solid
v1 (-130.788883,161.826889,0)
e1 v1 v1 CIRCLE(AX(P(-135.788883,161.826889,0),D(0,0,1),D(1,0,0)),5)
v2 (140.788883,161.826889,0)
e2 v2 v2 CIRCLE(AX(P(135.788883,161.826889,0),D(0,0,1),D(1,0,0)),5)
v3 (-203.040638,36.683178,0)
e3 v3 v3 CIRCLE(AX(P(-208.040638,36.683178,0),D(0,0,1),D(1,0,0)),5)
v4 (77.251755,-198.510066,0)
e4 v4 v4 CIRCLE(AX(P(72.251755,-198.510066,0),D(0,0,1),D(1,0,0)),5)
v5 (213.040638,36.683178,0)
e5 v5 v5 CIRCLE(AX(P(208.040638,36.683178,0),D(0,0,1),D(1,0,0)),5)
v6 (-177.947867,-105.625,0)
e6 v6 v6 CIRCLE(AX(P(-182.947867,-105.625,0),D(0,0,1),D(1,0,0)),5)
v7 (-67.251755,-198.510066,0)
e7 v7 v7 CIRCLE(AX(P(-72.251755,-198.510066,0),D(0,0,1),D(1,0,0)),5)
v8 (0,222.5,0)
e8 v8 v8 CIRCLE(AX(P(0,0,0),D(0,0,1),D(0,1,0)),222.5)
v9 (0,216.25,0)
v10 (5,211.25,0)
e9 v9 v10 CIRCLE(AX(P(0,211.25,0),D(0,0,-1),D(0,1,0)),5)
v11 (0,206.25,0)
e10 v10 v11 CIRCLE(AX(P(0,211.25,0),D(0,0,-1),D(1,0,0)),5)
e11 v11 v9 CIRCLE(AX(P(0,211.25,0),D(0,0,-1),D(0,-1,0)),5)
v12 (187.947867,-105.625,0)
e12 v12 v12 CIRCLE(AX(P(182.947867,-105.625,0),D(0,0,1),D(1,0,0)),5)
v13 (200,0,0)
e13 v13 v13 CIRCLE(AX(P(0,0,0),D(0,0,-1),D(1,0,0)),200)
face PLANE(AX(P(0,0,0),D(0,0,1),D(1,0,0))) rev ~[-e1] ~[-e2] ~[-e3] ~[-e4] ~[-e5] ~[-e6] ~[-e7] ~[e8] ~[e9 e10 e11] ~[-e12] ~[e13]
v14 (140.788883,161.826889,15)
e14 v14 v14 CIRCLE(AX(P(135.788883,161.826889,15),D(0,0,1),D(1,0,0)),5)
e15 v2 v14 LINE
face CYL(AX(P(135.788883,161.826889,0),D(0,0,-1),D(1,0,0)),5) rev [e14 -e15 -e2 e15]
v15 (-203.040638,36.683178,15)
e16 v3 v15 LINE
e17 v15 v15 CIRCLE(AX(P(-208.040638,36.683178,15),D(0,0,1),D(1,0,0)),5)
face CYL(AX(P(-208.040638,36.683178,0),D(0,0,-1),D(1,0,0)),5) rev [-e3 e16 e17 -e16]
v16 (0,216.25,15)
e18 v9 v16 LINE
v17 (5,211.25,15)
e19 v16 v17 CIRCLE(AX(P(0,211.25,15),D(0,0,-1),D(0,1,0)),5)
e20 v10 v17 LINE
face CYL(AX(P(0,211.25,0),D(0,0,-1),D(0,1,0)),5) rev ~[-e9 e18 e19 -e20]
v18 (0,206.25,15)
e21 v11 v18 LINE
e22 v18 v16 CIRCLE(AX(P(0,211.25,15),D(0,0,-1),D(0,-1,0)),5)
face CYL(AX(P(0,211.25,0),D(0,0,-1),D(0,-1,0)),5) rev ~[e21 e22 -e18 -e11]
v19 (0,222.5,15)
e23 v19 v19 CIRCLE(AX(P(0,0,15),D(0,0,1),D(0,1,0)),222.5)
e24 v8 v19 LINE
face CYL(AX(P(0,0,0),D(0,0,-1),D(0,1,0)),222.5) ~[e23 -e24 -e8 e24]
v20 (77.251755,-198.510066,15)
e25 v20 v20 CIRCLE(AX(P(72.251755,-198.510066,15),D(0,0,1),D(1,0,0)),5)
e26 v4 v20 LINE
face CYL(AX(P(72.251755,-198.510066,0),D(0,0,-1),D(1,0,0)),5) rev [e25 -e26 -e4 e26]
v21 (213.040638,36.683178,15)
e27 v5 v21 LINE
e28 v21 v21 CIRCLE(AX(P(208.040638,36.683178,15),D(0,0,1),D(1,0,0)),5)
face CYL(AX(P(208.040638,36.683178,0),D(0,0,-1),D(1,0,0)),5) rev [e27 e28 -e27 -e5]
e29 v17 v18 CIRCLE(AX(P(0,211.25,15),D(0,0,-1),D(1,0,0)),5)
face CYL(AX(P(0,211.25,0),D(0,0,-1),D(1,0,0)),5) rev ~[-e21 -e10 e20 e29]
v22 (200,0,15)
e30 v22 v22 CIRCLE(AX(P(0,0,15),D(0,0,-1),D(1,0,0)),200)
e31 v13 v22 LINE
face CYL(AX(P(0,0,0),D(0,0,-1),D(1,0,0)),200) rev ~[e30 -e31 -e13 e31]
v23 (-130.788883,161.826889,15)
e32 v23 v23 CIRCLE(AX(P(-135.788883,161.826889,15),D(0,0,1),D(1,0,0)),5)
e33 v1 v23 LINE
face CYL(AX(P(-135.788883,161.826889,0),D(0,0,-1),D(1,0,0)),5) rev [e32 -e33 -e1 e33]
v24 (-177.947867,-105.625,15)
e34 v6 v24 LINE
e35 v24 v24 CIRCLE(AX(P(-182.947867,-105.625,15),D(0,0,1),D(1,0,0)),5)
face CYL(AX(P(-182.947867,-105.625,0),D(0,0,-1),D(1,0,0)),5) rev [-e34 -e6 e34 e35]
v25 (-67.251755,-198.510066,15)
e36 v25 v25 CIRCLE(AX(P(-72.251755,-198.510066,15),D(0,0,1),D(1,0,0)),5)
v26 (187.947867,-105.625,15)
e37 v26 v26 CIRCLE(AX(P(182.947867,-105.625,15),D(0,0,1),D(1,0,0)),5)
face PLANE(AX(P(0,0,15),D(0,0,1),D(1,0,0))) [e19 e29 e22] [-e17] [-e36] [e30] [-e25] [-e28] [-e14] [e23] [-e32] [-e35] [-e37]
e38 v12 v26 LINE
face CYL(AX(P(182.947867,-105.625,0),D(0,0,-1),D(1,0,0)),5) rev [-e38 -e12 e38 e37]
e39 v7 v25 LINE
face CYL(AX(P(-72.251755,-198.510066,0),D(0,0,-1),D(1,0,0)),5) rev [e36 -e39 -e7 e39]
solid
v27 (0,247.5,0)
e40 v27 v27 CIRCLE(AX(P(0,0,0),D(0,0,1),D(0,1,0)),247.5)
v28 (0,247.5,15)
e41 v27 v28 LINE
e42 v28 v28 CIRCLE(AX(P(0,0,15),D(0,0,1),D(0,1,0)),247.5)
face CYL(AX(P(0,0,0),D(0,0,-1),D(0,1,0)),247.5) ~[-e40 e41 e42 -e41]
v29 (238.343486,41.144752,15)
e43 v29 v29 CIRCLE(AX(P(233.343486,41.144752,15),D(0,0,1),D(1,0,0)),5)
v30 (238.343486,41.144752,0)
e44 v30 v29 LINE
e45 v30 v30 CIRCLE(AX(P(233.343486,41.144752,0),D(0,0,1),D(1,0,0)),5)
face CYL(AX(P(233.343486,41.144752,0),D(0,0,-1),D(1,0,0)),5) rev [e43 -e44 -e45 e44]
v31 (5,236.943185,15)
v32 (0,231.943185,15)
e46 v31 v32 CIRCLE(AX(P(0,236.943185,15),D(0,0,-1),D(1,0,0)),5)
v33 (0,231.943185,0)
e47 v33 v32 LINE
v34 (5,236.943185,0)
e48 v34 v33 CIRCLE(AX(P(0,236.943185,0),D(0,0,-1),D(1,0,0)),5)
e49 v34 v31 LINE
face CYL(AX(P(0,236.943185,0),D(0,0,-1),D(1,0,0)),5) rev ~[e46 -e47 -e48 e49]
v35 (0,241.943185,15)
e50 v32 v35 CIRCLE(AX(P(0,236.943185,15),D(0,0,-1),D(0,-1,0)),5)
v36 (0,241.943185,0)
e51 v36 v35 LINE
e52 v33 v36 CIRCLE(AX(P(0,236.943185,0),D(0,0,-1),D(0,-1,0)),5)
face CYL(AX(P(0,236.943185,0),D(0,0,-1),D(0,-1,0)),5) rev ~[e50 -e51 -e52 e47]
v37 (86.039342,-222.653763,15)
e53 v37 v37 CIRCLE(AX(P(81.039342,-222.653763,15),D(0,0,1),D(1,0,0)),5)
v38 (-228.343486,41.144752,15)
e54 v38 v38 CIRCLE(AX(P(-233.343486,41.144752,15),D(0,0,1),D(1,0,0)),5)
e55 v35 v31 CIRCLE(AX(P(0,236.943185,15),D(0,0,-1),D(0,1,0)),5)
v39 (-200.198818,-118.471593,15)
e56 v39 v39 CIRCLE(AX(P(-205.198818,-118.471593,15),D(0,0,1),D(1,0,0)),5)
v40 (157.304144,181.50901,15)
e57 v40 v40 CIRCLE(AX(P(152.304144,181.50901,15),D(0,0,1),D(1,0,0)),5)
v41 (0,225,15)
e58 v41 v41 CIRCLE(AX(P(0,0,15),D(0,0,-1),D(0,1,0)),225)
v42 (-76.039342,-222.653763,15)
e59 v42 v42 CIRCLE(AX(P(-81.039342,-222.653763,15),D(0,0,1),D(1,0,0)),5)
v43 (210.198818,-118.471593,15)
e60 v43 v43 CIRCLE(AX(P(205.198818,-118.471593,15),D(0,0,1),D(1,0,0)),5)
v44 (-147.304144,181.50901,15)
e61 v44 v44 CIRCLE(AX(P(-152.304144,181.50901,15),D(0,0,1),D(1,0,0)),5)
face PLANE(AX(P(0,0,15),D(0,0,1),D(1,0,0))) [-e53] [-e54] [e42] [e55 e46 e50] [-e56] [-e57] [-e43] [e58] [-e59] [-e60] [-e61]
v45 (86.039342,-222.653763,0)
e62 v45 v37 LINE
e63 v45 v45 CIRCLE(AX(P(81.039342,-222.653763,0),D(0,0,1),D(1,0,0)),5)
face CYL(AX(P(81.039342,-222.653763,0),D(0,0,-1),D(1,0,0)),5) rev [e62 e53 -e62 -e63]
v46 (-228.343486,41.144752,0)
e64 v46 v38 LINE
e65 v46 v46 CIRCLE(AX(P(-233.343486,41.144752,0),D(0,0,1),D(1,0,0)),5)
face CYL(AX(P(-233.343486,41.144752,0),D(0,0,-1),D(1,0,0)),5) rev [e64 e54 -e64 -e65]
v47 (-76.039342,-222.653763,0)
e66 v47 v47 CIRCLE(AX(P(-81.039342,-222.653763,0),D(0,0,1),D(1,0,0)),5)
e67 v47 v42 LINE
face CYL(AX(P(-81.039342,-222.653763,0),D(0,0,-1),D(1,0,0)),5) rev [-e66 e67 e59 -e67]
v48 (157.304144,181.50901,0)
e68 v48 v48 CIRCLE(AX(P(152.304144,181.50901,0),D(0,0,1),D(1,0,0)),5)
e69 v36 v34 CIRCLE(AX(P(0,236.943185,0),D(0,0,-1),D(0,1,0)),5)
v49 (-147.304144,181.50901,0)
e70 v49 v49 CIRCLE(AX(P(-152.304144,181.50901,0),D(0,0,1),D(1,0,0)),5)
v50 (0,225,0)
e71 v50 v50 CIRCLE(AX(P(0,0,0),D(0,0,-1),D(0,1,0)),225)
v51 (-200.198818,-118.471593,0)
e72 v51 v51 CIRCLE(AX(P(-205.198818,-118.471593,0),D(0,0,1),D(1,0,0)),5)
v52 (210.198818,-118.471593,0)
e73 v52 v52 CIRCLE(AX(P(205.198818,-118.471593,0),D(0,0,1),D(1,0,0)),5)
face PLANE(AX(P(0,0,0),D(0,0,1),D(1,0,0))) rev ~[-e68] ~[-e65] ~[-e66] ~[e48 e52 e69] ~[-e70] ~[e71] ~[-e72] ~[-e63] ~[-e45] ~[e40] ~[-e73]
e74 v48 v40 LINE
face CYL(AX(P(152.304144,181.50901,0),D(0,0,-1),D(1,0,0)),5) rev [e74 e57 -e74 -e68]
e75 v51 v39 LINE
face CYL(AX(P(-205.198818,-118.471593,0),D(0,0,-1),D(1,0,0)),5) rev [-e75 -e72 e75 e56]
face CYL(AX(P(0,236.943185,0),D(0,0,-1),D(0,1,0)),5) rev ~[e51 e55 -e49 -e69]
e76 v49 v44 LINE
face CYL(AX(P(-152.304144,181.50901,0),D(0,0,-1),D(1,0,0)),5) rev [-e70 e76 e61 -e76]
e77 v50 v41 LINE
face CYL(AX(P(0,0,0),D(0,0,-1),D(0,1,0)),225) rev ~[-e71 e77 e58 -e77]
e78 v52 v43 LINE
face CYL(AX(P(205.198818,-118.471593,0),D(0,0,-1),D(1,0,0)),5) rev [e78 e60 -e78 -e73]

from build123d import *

# Parameters (mm, degrees)
F0_R     = 5
F1_DEPTH = 15


with BuildPart() as f1:
    # F0 (on Top) → F1 (new body)
    with BuildSketch(Plane.XY):
        with BuildLine():
            ThreePointArc((222.5, 0), (157.331258814, 157.331258814), (0, 222.5))
            ThreePointArc((0, 222.5), (-157.331258814, -157.331258814), (222.5, 0))
        make_face()
        with Locations((-72.2517552775, -198.510066141)):
            Circle(F0_R, mode=Mode.SUBTRACT)
        with Locations((-182.9478665495, -105.625)):
            Circle(F0_R, mode=Mode.SUBTRACT)
        with Locations((72.2517552775, -198.510066141)):
            Circle(F0_R, mode=Mode.SUBTRACT)
        with Locations((182.9478665495, -105.625)):
            Circle(F0_R, mode=Mode.SUBTRACT)
        with Locations((-208.0406378238, 36.6831775321)):
            Circle(F0_R, mode=Mode.SUBTRACT)
        with Locations((-135.7888825463, 161.8268886089)):
            Circle(F0_R, mode=Mode.SUBTRACT)
        with BuildLine():
            ThreePointArc((0, 200), (141.4213562373, 141.4213562373), (200, 0))
            ThreePointArc((200, 0), (-141.4213562373, -141.4213562373), (0, 200))
        make_face(mode=Mode.SUBTRACT)
        with Locations((208.0406378238, 36.6831775321)):
            Circle(F0_R, mode=Mode.SUBTRACT)
        with BuildLine():
            ThreePointArc((5, 211.25), (3.5355339059, 207.7144660941), (0, 206.25))
            ThreePointArc((0, 206.25), (-5, 211.25), (0, 216.25))
            ThreePointArc((0, 216.25), (3.5355339059, 214.7855339059), (5, 211.25))
        make_face(mode=Mode.SUBTRACT)
        with Locations((135.7888825463, 161.8268886089)):
            Circle(F0_R, mode=Mode.SUBTRACT)
    extrude(amount=F1_DEPTH)


with BuildPart() as f1b:
    # F0 (on Top) → F1, piece 2 (new body)
    with BuildSketch(Plane.XY):
        with BuildLine():
            ThreePointArc((247.5, 0), (175.0089283437, 175.0089283437), (0, 247.5))
            ThreePointArc((0, 247.5), (-175.0089283437, -175.0089283437), (247.5, 0))
        make_face()
        with Locations((-81.0393422064, -222.6537627996)):
            Circle(F0_R, mode=Mode.SUBTRACT)
        with Locations((-205.1988177489, -118.4715926647)):
            Circle(F0_R, mode=Mode.SUBTRACT)
        with Locations((81.0393422064, -222.6537627996)):
            Circle(F0_R, mode=Mode.SUBTRACT)
        with Locations((205.1988177489, -118.4715926647)):
            Circle(F0_R, mode=Mode.SUBTRACT)
        with Locations((-233.3434859358, 41.1447523431)):
            Circle(F0_R, mode=Mode.SUBTRACT)
        with Locations((-152.3041437294, 181.5090104565)):
            Circle(F0_R, mode=Mode.SUBTRACT)
        with BuildLine():
            ThreePointArc((225, 0), (-159.099025767, -159.099025767), (0, 225))
            ThreePointArc((0, 225), (159.099025767, 159.099025767), (225, 0))
        make_face(mode=Mode.SUBTRACT)
        with Locations((233.3434859358, 41.1447523431)):
            Circle(F0_R, mode=Mode.SUBTRACT)
        with BuildLine():
            ThreePointArc((5, 236.9431853294), (3.5355339059, 233.4076514235), (0, 231.9431853294))
            ThreePointArc((0, 231.9431853294), (-5, 236.9431853294), (0, 241.9431853294))
            ThreePointArc((0, 241.9431853294), (3.5355339059, 240.4787192354), (5, 236.9431853294))
        make_face(mode=Mode.SUBTRACT)
        with Locations((152.3041437294, 181.5090104565)):
            Circle(F0_R, mode=Mode.SUBTRACT)
    extrude(amount=F1_DEPTH)


solid = Compound([f1.part, f1b.part])
